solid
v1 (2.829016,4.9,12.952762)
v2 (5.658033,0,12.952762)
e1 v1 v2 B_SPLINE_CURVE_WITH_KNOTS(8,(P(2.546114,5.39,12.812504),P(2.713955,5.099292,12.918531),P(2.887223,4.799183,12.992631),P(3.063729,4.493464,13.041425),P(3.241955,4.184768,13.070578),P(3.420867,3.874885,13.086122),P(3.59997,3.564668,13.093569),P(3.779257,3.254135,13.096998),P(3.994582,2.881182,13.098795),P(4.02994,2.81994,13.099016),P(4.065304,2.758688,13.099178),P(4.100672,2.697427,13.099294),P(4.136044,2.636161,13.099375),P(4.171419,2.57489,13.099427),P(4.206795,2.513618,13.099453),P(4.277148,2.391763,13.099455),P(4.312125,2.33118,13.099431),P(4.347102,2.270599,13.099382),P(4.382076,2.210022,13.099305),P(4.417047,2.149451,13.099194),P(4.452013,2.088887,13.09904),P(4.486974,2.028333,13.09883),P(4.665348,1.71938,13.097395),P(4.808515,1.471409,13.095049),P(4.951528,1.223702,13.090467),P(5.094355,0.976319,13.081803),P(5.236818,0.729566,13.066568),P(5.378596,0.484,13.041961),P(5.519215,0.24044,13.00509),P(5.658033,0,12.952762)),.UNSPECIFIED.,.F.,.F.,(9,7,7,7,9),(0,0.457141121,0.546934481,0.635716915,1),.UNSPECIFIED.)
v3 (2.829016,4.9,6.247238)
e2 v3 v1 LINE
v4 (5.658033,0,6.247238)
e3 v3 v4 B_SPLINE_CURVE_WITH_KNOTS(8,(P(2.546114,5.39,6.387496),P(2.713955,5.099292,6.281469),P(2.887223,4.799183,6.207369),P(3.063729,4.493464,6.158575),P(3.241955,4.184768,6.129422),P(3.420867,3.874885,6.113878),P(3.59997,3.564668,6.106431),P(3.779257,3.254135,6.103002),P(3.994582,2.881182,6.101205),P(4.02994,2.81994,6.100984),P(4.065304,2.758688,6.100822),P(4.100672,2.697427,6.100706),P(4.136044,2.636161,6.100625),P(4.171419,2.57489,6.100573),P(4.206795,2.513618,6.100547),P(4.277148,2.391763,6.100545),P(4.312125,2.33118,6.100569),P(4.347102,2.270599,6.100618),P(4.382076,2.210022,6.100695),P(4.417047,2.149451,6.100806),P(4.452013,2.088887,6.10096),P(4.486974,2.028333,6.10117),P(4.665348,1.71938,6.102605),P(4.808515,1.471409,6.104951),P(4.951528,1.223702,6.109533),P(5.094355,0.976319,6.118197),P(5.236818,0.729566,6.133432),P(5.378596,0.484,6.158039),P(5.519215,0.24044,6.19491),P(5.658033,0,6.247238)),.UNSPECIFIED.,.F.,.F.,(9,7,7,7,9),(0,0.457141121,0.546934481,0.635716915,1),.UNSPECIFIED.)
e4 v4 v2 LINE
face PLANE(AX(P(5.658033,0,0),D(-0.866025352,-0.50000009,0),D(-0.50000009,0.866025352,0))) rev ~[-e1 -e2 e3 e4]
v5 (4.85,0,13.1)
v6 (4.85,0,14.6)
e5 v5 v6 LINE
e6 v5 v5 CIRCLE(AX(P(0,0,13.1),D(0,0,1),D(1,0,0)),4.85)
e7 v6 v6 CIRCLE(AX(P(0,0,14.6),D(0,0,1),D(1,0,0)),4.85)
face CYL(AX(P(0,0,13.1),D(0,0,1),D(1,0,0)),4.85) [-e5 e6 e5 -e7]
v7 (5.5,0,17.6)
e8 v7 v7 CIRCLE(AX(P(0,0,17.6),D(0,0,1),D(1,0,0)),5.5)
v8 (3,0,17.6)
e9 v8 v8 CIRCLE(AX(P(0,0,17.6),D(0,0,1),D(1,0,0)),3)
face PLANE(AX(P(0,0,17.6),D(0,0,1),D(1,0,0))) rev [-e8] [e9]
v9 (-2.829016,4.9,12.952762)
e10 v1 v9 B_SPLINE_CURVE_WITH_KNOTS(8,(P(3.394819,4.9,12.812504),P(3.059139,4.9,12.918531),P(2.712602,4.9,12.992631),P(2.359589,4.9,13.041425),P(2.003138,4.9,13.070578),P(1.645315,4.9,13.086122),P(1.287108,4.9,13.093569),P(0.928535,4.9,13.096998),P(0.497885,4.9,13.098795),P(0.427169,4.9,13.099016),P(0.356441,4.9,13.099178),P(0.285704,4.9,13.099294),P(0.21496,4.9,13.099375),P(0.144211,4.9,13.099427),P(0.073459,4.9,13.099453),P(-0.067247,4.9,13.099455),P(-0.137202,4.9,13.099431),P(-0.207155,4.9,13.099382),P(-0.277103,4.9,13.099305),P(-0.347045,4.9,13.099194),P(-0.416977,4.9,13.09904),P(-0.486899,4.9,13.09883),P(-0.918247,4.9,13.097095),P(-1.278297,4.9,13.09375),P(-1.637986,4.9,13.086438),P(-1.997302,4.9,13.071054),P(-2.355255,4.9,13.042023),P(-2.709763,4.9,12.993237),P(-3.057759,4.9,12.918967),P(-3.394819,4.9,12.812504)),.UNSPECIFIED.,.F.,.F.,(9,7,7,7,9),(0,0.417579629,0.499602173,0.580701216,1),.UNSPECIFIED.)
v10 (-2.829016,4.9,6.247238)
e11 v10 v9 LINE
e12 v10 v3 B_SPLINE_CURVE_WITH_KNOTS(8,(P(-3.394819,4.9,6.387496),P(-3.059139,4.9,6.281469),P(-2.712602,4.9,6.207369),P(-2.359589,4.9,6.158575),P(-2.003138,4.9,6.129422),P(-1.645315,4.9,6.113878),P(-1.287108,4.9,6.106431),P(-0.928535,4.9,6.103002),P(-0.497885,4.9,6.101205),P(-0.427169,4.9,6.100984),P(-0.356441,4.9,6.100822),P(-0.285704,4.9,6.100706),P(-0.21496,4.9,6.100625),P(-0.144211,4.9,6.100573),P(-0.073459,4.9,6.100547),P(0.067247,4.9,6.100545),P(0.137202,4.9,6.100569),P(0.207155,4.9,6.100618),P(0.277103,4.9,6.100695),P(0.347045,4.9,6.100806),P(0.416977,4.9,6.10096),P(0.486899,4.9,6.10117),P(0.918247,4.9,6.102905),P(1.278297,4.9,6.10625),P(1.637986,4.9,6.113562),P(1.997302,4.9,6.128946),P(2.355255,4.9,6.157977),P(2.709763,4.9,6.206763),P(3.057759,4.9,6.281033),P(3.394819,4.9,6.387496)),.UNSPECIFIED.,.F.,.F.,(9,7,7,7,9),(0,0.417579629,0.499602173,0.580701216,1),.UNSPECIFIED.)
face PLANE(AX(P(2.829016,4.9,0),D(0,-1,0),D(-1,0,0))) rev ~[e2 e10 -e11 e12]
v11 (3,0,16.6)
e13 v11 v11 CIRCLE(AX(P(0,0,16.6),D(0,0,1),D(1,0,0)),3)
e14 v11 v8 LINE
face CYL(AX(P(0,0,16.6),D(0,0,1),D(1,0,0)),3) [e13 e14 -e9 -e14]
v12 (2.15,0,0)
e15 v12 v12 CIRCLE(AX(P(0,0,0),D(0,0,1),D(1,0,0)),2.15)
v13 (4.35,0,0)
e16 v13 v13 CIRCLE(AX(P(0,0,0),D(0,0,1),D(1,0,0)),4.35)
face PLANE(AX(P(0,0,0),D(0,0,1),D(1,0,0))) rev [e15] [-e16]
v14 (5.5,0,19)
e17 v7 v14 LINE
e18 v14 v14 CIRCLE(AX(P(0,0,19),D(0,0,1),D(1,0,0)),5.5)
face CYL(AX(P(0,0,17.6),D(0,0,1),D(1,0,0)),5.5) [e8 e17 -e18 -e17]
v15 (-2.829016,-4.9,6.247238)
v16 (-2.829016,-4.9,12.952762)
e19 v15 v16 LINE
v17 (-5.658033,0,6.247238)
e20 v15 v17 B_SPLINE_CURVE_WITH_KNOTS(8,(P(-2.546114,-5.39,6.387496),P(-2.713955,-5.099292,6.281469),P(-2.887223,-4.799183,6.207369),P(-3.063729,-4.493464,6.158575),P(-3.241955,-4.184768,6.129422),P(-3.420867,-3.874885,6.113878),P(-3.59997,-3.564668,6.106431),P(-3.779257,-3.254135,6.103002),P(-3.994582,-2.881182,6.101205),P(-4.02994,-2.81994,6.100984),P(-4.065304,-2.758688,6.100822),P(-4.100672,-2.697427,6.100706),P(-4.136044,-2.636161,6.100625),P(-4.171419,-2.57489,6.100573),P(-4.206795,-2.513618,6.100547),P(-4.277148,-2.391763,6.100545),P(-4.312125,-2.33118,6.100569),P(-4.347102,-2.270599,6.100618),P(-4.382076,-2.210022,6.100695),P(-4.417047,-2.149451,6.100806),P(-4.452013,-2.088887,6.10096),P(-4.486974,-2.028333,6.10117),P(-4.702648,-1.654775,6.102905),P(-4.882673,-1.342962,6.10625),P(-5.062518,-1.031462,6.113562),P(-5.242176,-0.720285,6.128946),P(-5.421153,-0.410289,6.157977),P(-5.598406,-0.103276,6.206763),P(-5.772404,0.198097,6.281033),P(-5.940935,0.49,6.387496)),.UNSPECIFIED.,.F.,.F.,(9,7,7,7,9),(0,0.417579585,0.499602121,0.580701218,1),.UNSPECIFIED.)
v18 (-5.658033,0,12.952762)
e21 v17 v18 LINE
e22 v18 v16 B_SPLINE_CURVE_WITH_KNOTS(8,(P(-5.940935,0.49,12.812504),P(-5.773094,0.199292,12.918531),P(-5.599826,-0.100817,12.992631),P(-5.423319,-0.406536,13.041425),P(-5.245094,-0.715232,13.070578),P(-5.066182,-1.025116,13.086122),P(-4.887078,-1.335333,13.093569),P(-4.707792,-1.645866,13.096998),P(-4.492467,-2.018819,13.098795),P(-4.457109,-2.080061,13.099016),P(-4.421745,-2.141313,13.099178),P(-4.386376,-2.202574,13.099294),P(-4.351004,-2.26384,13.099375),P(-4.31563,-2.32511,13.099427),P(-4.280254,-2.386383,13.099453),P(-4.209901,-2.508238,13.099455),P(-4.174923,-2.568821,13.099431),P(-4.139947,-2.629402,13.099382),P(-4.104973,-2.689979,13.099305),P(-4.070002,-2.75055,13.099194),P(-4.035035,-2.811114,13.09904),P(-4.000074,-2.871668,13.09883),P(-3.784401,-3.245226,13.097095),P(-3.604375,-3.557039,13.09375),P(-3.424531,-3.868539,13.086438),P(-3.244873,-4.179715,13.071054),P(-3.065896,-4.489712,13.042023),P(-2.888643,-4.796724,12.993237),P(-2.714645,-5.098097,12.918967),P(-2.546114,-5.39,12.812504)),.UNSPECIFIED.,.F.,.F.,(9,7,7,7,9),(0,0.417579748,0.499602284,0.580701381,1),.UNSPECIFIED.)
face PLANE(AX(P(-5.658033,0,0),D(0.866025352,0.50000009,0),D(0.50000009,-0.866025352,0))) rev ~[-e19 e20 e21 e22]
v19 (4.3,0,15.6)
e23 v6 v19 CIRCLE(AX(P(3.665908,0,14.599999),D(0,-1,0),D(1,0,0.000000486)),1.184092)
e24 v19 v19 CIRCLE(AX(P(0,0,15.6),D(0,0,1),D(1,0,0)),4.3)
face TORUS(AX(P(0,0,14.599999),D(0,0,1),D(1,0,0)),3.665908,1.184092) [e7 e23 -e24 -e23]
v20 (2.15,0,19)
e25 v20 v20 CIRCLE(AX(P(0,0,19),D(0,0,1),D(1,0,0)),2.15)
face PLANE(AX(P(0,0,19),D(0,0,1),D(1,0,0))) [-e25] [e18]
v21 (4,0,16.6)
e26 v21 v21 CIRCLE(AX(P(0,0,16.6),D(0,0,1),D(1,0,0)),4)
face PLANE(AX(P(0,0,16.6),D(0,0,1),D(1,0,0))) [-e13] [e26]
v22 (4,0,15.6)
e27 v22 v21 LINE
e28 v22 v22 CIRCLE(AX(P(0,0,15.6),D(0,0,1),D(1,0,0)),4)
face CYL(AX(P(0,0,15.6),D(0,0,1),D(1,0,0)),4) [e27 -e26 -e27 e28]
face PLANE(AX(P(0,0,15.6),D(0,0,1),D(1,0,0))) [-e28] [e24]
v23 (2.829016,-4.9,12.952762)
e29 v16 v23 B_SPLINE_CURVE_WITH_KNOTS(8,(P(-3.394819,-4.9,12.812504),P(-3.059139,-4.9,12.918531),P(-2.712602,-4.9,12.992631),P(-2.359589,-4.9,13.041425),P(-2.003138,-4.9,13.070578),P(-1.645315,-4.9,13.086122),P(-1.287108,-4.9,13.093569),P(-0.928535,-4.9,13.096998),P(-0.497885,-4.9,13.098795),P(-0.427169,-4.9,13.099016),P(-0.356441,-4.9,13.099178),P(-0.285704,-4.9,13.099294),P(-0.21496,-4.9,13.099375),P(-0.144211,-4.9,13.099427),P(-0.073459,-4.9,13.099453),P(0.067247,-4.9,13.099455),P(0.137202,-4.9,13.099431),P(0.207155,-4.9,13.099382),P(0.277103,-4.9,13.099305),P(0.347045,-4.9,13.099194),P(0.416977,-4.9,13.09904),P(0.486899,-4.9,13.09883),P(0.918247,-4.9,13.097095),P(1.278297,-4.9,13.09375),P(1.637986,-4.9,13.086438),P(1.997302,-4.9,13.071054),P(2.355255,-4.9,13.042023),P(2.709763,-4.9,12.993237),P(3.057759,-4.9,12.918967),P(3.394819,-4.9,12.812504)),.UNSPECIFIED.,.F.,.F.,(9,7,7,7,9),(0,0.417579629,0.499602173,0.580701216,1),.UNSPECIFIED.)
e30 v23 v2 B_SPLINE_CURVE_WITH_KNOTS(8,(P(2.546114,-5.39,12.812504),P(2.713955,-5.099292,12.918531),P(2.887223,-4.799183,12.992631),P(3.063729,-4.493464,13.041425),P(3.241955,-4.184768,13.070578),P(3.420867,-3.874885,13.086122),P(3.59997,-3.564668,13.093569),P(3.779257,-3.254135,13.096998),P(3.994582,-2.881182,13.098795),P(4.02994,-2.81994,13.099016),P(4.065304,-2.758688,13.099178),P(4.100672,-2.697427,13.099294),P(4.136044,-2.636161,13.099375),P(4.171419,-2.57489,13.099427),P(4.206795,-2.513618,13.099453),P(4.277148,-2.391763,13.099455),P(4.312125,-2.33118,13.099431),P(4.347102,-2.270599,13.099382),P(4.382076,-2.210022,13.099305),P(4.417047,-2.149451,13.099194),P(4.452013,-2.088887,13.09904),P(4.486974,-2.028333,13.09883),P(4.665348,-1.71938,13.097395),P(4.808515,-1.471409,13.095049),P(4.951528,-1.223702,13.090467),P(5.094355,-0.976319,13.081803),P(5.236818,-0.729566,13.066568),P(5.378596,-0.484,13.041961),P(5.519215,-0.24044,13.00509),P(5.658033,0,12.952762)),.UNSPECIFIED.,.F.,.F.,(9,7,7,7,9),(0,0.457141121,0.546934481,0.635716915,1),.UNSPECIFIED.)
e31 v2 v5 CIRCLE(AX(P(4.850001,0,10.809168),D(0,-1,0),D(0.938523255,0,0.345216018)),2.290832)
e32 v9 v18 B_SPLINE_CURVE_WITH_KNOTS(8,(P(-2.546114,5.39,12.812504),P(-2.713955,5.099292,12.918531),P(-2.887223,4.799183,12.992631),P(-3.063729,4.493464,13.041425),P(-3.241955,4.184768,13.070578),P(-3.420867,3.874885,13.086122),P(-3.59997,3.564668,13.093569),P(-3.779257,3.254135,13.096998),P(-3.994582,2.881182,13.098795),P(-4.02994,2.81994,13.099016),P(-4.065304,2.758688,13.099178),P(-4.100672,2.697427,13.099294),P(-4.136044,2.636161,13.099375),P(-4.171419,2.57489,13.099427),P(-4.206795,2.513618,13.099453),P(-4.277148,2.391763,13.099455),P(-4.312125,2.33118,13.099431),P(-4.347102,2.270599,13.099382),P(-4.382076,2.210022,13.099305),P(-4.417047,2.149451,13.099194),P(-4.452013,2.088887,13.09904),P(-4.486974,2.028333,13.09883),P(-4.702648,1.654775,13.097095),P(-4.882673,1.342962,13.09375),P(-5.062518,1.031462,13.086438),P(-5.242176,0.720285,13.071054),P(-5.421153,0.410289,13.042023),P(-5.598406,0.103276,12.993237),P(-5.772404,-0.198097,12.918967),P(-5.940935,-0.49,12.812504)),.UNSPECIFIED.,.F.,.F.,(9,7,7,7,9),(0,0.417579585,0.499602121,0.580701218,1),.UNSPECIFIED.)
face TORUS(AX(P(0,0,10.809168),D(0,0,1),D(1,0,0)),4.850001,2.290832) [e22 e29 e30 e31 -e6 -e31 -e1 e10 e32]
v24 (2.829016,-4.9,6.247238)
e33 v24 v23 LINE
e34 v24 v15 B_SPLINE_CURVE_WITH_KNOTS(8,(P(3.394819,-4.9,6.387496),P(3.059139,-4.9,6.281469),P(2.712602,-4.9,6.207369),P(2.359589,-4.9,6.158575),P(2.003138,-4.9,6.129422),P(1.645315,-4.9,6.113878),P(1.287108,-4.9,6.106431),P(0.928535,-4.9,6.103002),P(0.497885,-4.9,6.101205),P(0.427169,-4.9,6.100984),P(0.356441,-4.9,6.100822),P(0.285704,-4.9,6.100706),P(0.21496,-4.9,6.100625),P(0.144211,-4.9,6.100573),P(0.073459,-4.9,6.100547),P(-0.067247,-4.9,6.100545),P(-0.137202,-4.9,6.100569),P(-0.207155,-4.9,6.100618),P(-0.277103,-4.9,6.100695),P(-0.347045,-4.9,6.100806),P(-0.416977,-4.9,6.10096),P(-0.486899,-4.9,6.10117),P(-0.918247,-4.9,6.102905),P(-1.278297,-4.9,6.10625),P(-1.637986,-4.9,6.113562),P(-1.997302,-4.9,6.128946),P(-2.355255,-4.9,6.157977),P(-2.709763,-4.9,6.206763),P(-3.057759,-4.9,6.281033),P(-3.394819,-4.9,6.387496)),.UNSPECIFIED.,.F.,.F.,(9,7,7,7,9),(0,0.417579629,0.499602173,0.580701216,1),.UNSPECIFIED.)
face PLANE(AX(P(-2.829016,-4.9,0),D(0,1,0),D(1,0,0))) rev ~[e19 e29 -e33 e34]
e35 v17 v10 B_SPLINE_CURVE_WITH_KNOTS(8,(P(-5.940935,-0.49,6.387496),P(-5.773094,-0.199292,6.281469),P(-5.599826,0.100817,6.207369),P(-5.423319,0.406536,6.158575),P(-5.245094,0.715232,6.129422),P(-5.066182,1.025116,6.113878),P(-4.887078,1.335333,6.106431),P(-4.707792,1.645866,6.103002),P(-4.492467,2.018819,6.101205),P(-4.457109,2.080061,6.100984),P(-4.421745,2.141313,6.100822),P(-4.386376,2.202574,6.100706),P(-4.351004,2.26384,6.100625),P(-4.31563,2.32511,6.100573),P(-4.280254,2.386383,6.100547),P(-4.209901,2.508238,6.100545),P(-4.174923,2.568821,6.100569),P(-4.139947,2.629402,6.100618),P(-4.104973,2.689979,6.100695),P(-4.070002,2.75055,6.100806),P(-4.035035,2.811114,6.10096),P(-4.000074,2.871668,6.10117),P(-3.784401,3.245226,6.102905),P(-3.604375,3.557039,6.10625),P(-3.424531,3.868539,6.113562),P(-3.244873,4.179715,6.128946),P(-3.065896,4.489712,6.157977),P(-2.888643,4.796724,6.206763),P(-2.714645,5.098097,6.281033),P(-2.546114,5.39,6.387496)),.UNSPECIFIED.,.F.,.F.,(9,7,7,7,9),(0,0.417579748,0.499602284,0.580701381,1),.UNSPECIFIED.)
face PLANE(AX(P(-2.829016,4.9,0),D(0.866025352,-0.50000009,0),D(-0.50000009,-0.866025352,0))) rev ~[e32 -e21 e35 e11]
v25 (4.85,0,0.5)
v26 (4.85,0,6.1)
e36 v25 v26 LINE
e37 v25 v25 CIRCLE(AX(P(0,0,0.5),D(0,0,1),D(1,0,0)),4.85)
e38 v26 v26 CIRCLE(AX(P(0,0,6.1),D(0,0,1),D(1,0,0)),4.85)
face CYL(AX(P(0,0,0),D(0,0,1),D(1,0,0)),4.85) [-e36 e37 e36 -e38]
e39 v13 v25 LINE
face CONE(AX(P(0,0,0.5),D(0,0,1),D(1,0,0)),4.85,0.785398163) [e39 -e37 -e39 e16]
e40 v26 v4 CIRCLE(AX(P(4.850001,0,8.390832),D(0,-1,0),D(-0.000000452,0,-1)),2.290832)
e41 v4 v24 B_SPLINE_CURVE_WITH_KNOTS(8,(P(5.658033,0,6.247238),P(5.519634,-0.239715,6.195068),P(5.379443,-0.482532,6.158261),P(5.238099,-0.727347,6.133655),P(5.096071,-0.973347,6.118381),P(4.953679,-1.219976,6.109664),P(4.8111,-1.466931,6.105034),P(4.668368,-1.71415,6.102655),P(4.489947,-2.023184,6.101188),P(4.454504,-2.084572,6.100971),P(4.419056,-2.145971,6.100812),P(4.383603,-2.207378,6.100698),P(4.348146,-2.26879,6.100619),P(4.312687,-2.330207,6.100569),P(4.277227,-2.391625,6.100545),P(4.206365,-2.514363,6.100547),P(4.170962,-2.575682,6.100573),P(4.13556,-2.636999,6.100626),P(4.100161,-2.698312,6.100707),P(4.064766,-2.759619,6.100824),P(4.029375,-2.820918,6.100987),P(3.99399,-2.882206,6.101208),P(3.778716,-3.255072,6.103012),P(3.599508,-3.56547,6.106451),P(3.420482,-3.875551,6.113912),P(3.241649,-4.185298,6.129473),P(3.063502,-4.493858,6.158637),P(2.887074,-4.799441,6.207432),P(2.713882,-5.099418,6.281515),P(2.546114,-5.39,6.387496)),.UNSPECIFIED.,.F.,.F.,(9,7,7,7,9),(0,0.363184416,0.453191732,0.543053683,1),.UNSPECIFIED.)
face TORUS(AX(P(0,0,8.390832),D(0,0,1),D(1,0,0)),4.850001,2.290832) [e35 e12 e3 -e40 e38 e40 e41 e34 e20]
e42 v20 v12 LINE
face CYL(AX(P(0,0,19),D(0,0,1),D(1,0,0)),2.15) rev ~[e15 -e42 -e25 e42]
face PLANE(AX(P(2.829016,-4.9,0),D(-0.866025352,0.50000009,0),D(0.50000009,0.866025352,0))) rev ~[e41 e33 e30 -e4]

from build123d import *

# Parameters (mm, degrees)
F2_R     = 2.15
F3_DEPTH = 19.001
F4_R     = 9
F5_DEPTH = 14
F6_SIZE  = 0.5


with BuildPart() as f1:
    # F0 (on Front) → F1 (revolve)
    with BuildSketch(Plane.XZ):
        with BuildLine():
            Line((0, 19), (0, 0))
            Line((0, 0), (4.85, 0))
            Line((4.85, 0), (4.85, 6.1))
            ThreePointArc((4.85, 6.1), (6.160773, 6.512059), (7, 7.6))
            Line((7, 7.6), (7, 11.6))
            ThreePointArc((7, 11.6), (6.160773, 12.687941), (4.85, 13.1))
            Line((4.85, 13.1), (4.85, 14.6))
            ThreePointArc((4.85, 14.6), (4.703428, 15.170636), (4.3, 15.6))
            Line((4.3, 15.6), (4, 15.6))
            Line((4, 15.6), (4, 16.6))
            Line((4, 16.6), (3, 16.6))
            Line((3, 16.6), (3, 17.6))
            Line((3, 17.6), (5.5, 17.6))
            Line((5.5, 17.6), (5.5, 19))
            Line((5.5, 19), (0, 19))
        make_face()
    revolve(axis=Axis((0, 0, 9.5), (0, 0, 1)))

    # F2 (on face) → F3 (cut, through all)
    with BuildSketch(Plane.XY.offset(19)):
        Circle(F2_R)
    extrude(amount=-F3_DEPTH, mode=Mode.SUBTRACT)

    # F4 (on face) → F5 (cut)
    with BuildSketch(Plane(origin=(0, 0, 0), x_dir=(1, 0, 0), z_dir=(0, 0, -1))):
        Circle(F4_R)
        Polygon((-2.829016, 4.9), (2.829016, 4.9), (5.658033, 0), (2.829016, -4.9), (-2.829016, -4.9), (-5.658033, 0), align=None, mode=Mode.SUBTRACT)
    extrude(amount=-F5_DEPTH, mode=Mode.SUBTRACT)

    # F6
    f6_edges = [f1.edges().sort_by_distance(p)[0] for p in [
        (-4.85, 0, 0),
    ]]
    chamfer(f6_edges, length=F6_SIZE)


solid = f1.part
